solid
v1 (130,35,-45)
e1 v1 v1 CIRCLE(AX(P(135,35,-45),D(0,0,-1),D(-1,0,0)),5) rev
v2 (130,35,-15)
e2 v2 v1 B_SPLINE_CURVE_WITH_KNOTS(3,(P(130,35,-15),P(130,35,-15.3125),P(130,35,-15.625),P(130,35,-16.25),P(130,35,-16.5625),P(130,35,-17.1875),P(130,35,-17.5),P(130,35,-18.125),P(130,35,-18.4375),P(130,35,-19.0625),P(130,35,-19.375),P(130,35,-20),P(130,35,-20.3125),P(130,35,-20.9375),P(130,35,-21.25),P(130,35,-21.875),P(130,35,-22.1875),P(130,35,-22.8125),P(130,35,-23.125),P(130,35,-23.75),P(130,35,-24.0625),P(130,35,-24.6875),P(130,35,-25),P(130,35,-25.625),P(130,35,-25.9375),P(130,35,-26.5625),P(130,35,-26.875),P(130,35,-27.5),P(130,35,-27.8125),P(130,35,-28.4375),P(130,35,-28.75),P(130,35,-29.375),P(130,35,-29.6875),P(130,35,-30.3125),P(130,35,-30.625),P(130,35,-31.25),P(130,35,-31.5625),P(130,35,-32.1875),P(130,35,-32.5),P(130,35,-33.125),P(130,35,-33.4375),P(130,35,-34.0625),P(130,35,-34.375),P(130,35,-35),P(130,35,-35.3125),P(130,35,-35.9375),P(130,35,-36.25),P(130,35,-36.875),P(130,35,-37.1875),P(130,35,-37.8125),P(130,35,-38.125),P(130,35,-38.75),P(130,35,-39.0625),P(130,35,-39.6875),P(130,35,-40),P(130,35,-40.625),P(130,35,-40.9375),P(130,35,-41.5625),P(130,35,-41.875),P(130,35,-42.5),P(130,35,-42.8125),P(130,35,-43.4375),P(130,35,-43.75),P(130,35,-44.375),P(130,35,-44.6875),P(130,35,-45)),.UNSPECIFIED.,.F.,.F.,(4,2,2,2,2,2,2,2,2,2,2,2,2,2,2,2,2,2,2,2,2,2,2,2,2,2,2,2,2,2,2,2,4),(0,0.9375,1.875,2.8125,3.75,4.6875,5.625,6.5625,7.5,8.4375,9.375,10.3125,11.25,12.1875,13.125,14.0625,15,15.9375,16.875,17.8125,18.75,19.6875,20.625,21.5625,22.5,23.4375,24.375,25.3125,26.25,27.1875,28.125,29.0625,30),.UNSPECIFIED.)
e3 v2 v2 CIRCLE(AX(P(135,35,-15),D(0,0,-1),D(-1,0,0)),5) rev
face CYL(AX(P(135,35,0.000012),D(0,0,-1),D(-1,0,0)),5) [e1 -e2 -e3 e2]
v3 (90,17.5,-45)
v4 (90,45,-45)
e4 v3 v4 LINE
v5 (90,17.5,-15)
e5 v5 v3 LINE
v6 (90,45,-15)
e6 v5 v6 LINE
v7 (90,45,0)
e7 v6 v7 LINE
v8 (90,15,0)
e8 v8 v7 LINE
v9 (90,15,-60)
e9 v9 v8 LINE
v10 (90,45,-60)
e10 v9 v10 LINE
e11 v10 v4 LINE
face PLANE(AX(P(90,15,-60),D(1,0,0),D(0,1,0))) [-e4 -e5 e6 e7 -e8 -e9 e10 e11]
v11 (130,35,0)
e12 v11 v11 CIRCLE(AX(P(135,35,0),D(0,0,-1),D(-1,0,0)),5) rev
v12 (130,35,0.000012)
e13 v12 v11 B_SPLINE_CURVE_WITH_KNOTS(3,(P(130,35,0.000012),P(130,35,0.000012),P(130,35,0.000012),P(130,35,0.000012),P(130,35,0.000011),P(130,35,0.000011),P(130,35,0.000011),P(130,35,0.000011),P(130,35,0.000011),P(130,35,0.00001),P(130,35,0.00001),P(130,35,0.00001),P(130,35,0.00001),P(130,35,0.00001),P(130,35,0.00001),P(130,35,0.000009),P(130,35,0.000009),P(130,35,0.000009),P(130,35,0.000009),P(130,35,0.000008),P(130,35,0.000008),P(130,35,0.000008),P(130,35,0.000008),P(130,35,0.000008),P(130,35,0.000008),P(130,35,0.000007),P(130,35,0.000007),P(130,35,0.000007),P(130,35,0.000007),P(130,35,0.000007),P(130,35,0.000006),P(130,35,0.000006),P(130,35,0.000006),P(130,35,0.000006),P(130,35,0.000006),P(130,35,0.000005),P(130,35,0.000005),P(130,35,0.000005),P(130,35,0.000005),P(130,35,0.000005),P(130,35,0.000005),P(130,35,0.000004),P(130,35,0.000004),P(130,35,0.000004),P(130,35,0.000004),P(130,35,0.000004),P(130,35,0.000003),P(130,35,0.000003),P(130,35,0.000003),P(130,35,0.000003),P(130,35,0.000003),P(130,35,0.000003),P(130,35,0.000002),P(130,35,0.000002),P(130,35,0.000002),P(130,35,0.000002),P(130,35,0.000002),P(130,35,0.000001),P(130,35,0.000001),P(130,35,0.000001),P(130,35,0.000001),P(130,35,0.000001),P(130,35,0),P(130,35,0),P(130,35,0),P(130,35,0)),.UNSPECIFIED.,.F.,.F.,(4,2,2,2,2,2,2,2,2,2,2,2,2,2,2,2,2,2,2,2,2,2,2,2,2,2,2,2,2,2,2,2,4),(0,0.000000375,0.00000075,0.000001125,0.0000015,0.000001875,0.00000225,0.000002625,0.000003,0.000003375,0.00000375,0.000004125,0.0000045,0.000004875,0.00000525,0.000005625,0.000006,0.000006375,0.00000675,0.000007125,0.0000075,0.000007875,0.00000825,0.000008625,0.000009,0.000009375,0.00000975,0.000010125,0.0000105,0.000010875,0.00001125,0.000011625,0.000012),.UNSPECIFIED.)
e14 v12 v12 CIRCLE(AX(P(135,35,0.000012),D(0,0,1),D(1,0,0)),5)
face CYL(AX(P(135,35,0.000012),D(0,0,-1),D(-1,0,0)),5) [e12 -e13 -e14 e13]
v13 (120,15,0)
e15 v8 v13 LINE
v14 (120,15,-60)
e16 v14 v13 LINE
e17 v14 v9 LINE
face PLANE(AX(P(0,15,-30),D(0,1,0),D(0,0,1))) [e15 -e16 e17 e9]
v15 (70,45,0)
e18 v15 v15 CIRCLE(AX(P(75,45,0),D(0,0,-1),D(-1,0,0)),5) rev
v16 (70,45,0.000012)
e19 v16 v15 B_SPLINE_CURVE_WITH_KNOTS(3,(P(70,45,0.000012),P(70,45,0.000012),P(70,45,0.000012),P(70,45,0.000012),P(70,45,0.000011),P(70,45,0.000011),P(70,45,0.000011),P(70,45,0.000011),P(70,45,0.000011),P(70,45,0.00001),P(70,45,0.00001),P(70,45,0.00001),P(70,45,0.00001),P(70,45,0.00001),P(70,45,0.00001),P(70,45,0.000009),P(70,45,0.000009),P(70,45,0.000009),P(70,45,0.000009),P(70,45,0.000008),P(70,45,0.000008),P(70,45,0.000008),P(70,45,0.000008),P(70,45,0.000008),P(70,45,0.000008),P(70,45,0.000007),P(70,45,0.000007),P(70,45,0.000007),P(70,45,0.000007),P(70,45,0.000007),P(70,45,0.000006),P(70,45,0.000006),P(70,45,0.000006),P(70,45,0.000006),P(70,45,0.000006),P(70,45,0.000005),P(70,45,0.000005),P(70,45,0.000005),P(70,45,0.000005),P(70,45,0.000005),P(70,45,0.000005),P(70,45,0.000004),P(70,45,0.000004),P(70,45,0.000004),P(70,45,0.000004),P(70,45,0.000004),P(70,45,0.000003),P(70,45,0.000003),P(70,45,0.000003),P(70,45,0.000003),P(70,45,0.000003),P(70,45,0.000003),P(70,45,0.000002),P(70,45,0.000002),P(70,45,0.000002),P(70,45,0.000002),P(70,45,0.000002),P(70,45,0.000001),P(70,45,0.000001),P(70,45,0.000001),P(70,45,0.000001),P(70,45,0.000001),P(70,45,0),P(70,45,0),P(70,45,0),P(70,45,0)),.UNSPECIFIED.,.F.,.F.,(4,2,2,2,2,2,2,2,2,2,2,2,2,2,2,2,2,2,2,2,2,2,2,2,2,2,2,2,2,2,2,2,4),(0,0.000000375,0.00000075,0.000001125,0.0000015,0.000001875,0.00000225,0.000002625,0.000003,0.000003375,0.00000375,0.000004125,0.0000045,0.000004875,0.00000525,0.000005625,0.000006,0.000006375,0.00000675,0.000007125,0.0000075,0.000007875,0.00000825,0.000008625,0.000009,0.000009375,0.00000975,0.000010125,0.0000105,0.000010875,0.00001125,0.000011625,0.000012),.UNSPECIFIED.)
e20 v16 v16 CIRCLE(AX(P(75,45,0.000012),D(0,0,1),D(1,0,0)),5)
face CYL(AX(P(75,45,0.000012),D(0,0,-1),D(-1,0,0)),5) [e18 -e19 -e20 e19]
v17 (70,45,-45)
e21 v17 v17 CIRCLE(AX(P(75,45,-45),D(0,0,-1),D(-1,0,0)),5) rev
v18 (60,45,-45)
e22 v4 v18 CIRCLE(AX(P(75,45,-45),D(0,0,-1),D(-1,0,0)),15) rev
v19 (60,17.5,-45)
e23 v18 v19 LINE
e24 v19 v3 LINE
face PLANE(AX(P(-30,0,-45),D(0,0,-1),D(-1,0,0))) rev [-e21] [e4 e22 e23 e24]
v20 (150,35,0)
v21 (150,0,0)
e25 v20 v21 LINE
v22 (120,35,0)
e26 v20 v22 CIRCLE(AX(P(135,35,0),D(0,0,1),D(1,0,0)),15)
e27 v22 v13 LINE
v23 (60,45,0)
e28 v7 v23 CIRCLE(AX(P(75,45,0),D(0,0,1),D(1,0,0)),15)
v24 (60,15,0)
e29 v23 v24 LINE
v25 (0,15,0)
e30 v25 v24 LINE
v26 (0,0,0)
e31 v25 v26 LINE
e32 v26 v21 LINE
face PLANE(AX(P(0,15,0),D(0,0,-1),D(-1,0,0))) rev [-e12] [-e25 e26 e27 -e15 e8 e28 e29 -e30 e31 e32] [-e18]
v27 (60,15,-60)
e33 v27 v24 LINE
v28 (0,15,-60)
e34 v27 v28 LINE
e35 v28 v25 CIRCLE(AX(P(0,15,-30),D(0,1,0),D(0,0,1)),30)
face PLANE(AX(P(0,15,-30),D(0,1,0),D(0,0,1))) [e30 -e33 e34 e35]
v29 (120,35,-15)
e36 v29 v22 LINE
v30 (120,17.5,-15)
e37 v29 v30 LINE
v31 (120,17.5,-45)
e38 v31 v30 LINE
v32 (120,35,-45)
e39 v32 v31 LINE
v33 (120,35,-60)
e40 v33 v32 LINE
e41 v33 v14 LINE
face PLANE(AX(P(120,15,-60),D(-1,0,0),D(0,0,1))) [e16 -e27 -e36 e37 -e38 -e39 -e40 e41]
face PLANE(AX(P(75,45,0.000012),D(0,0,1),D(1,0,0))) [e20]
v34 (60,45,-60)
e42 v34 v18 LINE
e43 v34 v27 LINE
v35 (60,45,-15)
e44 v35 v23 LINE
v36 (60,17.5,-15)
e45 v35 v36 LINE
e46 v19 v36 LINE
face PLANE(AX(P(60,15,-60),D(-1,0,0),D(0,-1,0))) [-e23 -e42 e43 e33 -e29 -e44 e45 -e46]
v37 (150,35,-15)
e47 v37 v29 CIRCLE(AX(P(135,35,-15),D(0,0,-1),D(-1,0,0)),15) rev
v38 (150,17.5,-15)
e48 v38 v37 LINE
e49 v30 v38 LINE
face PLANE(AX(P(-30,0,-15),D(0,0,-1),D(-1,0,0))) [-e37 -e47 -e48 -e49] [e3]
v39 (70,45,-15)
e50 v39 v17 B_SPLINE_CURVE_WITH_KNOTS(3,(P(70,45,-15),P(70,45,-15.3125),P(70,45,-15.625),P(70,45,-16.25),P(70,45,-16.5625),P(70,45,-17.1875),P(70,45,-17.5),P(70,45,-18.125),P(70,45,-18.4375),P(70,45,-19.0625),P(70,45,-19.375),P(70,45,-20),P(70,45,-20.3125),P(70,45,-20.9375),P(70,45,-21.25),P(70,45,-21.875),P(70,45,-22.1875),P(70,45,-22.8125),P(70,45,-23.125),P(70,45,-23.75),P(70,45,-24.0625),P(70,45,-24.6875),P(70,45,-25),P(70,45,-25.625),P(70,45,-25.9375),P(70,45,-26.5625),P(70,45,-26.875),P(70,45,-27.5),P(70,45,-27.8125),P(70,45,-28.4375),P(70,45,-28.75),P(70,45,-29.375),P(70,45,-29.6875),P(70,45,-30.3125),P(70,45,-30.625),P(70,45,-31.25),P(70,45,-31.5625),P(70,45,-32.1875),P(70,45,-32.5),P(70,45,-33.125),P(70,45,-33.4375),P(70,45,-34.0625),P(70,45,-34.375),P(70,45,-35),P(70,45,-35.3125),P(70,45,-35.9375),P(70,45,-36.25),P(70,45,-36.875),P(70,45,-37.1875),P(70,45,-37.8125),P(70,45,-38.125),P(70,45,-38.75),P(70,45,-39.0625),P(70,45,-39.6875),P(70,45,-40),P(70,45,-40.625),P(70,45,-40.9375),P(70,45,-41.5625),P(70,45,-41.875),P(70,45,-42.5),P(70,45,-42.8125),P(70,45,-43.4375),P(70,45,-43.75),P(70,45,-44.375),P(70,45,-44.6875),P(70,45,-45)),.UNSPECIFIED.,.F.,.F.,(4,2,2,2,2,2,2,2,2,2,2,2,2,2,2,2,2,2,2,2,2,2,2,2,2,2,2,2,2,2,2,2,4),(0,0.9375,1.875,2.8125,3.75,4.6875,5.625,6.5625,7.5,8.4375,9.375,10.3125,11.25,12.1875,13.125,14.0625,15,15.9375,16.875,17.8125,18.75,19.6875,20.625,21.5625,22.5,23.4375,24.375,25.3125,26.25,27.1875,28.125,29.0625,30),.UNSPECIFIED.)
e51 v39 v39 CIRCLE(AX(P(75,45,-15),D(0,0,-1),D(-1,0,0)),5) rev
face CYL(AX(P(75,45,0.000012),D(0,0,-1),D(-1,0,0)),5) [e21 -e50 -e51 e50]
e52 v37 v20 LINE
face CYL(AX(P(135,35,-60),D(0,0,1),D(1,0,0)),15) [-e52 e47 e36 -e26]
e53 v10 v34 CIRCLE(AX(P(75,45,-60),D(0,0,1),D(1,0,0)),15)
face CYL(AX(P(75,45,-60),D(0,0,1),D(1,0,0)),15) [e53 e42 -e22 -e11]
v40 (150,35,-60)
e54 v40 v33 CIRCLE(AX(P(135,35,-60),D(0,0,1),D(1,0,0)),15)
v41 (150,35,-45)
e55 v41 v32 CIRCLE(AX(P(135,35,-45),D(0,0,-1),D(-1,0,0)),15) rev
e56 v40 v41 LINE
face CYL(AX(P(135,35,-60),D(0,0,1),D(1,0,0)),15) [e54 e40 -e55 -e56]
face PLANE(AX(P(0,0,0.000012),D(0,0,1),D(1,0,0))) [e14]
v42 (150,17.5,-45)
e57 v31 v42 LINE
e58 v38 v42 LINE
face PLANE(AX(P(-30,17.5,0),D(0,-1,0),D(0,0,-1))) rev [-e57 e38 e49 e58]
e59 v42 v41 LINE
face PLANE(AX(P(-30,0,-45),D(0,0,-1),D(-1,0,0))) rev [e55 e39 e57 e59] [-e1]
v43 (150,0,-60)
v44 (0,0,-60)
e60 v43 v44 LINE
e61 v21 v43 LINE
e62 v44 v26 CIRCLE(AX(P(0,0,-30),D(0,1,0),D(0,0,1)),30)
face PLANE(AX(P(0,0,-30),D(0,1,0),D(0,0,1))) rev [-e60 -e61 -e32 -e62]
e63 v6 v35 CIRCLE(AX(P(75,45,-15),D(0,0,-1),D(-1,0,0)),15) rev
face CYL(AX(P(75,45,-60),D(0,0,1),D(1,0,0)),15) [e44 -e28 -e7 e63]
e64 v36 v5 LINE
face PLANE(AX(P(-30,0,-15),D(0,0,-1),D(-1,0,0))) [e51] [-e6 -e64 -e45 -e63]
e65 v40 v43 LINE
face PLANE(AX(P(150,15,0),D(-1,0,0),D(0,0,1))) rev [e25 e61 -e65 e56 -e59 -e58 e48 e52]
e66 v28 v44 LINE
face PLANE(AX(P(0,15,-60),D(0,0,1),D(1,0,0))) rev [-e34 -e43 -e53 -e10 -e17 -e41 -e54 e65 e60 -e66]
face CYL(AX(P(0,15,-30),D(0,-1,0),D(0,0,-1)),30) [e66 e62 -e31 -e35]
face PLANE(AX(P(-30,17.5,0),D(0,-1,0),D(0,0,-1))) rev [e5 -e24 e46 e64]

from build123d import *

# Parameters (mm, degrees)
BOSS_EXTRUDE1_DEPTH = 15
BOSS_EXTRUDE2_DEPTH = 60
SKETCH3_W           = 30
SKETCH3_H           = 17.5
SKETCH3_H_2         = 34.418211048
CUT_EXTRUDE1_DEPTH  = 199.997487421
BOSS_EXTRUDE3_START = -45
SKETCH4_R           = 5
BOSS_EXTRUDE3_DEPTH = 30


with BuildPart() as part:
    # Sketch1 → Boss-Extrude1 (new body)
    with BuildSketch(Plane(origin=(0, 0, 0), x_dir=(1, 0, 0), z_dir=(0, 1, 0))):
        with BuildLine():
            Line((0, 0), (150, 0))
            Line((150, 0), (150, 60))
            Line((150, 60), (0, 60))
            ThreePointArc((0, 60), (-30, 30), (0, 0))
        make_face()
    extrude(amount=BOSS_EXTRUDE1_DEPTH)

    # Sketch2 → Boss-Extrude2 (add)
    with BuildSketch(Plane.XY):
        with BuildLine():
            Line((60, 15), (90, 15))
            Line((90, 15), (90, 45))
            ThreePointArc((90, 45), (75, 60), (60, 45))
            Line((60, 45), (60, 15))
        make_face()
        with BuildLine():
            Line((120, 15), (150, 15))
            Line((150, 15), (150, 35))
            ThreePointArc((150, 35), (135, 50), (120, 35))
            Line((120, 35), (120, 15))
        make_face()
    extrude(amount=-BOSS_EXTRUDE2_DEPTH)

    # Sketch3 → Cut-Extrude1 (cut, through all)
    with BuildSketch(Plane(origin=(150, 0, 0), x_dir=(0, 0, -1), z_dir=(1, 0, 0))):
        with Locations((30, 26.25)):
            Rectangle(SKETCH3_W, SKETCH3_H)
        with Locations((30, 52.209105524)):
            Rectangle(SKETCH3_W, SKETCH3_H_2)
    extrude(amount=-CUT_EXTRUDE1_DEPTH, mode=Mode.SUBTRACT)

    # Sketch4 → Boss-Extrude3 (add)
    with BuildSketch(Plane.XY.offset(BOSS_EXTRUDE3_START)):
        with Locations(Location((135, 35, 0), (0, 0, 180))):
            Circle(SKETCH4_R)
        with Locations(Location((75, 45, 0), (0, 0, 180))):
            Circle(SKETCH4_R)
    extrude(amount=BOSS_EXTRUDE3_DEPTH)


solid = part.part
